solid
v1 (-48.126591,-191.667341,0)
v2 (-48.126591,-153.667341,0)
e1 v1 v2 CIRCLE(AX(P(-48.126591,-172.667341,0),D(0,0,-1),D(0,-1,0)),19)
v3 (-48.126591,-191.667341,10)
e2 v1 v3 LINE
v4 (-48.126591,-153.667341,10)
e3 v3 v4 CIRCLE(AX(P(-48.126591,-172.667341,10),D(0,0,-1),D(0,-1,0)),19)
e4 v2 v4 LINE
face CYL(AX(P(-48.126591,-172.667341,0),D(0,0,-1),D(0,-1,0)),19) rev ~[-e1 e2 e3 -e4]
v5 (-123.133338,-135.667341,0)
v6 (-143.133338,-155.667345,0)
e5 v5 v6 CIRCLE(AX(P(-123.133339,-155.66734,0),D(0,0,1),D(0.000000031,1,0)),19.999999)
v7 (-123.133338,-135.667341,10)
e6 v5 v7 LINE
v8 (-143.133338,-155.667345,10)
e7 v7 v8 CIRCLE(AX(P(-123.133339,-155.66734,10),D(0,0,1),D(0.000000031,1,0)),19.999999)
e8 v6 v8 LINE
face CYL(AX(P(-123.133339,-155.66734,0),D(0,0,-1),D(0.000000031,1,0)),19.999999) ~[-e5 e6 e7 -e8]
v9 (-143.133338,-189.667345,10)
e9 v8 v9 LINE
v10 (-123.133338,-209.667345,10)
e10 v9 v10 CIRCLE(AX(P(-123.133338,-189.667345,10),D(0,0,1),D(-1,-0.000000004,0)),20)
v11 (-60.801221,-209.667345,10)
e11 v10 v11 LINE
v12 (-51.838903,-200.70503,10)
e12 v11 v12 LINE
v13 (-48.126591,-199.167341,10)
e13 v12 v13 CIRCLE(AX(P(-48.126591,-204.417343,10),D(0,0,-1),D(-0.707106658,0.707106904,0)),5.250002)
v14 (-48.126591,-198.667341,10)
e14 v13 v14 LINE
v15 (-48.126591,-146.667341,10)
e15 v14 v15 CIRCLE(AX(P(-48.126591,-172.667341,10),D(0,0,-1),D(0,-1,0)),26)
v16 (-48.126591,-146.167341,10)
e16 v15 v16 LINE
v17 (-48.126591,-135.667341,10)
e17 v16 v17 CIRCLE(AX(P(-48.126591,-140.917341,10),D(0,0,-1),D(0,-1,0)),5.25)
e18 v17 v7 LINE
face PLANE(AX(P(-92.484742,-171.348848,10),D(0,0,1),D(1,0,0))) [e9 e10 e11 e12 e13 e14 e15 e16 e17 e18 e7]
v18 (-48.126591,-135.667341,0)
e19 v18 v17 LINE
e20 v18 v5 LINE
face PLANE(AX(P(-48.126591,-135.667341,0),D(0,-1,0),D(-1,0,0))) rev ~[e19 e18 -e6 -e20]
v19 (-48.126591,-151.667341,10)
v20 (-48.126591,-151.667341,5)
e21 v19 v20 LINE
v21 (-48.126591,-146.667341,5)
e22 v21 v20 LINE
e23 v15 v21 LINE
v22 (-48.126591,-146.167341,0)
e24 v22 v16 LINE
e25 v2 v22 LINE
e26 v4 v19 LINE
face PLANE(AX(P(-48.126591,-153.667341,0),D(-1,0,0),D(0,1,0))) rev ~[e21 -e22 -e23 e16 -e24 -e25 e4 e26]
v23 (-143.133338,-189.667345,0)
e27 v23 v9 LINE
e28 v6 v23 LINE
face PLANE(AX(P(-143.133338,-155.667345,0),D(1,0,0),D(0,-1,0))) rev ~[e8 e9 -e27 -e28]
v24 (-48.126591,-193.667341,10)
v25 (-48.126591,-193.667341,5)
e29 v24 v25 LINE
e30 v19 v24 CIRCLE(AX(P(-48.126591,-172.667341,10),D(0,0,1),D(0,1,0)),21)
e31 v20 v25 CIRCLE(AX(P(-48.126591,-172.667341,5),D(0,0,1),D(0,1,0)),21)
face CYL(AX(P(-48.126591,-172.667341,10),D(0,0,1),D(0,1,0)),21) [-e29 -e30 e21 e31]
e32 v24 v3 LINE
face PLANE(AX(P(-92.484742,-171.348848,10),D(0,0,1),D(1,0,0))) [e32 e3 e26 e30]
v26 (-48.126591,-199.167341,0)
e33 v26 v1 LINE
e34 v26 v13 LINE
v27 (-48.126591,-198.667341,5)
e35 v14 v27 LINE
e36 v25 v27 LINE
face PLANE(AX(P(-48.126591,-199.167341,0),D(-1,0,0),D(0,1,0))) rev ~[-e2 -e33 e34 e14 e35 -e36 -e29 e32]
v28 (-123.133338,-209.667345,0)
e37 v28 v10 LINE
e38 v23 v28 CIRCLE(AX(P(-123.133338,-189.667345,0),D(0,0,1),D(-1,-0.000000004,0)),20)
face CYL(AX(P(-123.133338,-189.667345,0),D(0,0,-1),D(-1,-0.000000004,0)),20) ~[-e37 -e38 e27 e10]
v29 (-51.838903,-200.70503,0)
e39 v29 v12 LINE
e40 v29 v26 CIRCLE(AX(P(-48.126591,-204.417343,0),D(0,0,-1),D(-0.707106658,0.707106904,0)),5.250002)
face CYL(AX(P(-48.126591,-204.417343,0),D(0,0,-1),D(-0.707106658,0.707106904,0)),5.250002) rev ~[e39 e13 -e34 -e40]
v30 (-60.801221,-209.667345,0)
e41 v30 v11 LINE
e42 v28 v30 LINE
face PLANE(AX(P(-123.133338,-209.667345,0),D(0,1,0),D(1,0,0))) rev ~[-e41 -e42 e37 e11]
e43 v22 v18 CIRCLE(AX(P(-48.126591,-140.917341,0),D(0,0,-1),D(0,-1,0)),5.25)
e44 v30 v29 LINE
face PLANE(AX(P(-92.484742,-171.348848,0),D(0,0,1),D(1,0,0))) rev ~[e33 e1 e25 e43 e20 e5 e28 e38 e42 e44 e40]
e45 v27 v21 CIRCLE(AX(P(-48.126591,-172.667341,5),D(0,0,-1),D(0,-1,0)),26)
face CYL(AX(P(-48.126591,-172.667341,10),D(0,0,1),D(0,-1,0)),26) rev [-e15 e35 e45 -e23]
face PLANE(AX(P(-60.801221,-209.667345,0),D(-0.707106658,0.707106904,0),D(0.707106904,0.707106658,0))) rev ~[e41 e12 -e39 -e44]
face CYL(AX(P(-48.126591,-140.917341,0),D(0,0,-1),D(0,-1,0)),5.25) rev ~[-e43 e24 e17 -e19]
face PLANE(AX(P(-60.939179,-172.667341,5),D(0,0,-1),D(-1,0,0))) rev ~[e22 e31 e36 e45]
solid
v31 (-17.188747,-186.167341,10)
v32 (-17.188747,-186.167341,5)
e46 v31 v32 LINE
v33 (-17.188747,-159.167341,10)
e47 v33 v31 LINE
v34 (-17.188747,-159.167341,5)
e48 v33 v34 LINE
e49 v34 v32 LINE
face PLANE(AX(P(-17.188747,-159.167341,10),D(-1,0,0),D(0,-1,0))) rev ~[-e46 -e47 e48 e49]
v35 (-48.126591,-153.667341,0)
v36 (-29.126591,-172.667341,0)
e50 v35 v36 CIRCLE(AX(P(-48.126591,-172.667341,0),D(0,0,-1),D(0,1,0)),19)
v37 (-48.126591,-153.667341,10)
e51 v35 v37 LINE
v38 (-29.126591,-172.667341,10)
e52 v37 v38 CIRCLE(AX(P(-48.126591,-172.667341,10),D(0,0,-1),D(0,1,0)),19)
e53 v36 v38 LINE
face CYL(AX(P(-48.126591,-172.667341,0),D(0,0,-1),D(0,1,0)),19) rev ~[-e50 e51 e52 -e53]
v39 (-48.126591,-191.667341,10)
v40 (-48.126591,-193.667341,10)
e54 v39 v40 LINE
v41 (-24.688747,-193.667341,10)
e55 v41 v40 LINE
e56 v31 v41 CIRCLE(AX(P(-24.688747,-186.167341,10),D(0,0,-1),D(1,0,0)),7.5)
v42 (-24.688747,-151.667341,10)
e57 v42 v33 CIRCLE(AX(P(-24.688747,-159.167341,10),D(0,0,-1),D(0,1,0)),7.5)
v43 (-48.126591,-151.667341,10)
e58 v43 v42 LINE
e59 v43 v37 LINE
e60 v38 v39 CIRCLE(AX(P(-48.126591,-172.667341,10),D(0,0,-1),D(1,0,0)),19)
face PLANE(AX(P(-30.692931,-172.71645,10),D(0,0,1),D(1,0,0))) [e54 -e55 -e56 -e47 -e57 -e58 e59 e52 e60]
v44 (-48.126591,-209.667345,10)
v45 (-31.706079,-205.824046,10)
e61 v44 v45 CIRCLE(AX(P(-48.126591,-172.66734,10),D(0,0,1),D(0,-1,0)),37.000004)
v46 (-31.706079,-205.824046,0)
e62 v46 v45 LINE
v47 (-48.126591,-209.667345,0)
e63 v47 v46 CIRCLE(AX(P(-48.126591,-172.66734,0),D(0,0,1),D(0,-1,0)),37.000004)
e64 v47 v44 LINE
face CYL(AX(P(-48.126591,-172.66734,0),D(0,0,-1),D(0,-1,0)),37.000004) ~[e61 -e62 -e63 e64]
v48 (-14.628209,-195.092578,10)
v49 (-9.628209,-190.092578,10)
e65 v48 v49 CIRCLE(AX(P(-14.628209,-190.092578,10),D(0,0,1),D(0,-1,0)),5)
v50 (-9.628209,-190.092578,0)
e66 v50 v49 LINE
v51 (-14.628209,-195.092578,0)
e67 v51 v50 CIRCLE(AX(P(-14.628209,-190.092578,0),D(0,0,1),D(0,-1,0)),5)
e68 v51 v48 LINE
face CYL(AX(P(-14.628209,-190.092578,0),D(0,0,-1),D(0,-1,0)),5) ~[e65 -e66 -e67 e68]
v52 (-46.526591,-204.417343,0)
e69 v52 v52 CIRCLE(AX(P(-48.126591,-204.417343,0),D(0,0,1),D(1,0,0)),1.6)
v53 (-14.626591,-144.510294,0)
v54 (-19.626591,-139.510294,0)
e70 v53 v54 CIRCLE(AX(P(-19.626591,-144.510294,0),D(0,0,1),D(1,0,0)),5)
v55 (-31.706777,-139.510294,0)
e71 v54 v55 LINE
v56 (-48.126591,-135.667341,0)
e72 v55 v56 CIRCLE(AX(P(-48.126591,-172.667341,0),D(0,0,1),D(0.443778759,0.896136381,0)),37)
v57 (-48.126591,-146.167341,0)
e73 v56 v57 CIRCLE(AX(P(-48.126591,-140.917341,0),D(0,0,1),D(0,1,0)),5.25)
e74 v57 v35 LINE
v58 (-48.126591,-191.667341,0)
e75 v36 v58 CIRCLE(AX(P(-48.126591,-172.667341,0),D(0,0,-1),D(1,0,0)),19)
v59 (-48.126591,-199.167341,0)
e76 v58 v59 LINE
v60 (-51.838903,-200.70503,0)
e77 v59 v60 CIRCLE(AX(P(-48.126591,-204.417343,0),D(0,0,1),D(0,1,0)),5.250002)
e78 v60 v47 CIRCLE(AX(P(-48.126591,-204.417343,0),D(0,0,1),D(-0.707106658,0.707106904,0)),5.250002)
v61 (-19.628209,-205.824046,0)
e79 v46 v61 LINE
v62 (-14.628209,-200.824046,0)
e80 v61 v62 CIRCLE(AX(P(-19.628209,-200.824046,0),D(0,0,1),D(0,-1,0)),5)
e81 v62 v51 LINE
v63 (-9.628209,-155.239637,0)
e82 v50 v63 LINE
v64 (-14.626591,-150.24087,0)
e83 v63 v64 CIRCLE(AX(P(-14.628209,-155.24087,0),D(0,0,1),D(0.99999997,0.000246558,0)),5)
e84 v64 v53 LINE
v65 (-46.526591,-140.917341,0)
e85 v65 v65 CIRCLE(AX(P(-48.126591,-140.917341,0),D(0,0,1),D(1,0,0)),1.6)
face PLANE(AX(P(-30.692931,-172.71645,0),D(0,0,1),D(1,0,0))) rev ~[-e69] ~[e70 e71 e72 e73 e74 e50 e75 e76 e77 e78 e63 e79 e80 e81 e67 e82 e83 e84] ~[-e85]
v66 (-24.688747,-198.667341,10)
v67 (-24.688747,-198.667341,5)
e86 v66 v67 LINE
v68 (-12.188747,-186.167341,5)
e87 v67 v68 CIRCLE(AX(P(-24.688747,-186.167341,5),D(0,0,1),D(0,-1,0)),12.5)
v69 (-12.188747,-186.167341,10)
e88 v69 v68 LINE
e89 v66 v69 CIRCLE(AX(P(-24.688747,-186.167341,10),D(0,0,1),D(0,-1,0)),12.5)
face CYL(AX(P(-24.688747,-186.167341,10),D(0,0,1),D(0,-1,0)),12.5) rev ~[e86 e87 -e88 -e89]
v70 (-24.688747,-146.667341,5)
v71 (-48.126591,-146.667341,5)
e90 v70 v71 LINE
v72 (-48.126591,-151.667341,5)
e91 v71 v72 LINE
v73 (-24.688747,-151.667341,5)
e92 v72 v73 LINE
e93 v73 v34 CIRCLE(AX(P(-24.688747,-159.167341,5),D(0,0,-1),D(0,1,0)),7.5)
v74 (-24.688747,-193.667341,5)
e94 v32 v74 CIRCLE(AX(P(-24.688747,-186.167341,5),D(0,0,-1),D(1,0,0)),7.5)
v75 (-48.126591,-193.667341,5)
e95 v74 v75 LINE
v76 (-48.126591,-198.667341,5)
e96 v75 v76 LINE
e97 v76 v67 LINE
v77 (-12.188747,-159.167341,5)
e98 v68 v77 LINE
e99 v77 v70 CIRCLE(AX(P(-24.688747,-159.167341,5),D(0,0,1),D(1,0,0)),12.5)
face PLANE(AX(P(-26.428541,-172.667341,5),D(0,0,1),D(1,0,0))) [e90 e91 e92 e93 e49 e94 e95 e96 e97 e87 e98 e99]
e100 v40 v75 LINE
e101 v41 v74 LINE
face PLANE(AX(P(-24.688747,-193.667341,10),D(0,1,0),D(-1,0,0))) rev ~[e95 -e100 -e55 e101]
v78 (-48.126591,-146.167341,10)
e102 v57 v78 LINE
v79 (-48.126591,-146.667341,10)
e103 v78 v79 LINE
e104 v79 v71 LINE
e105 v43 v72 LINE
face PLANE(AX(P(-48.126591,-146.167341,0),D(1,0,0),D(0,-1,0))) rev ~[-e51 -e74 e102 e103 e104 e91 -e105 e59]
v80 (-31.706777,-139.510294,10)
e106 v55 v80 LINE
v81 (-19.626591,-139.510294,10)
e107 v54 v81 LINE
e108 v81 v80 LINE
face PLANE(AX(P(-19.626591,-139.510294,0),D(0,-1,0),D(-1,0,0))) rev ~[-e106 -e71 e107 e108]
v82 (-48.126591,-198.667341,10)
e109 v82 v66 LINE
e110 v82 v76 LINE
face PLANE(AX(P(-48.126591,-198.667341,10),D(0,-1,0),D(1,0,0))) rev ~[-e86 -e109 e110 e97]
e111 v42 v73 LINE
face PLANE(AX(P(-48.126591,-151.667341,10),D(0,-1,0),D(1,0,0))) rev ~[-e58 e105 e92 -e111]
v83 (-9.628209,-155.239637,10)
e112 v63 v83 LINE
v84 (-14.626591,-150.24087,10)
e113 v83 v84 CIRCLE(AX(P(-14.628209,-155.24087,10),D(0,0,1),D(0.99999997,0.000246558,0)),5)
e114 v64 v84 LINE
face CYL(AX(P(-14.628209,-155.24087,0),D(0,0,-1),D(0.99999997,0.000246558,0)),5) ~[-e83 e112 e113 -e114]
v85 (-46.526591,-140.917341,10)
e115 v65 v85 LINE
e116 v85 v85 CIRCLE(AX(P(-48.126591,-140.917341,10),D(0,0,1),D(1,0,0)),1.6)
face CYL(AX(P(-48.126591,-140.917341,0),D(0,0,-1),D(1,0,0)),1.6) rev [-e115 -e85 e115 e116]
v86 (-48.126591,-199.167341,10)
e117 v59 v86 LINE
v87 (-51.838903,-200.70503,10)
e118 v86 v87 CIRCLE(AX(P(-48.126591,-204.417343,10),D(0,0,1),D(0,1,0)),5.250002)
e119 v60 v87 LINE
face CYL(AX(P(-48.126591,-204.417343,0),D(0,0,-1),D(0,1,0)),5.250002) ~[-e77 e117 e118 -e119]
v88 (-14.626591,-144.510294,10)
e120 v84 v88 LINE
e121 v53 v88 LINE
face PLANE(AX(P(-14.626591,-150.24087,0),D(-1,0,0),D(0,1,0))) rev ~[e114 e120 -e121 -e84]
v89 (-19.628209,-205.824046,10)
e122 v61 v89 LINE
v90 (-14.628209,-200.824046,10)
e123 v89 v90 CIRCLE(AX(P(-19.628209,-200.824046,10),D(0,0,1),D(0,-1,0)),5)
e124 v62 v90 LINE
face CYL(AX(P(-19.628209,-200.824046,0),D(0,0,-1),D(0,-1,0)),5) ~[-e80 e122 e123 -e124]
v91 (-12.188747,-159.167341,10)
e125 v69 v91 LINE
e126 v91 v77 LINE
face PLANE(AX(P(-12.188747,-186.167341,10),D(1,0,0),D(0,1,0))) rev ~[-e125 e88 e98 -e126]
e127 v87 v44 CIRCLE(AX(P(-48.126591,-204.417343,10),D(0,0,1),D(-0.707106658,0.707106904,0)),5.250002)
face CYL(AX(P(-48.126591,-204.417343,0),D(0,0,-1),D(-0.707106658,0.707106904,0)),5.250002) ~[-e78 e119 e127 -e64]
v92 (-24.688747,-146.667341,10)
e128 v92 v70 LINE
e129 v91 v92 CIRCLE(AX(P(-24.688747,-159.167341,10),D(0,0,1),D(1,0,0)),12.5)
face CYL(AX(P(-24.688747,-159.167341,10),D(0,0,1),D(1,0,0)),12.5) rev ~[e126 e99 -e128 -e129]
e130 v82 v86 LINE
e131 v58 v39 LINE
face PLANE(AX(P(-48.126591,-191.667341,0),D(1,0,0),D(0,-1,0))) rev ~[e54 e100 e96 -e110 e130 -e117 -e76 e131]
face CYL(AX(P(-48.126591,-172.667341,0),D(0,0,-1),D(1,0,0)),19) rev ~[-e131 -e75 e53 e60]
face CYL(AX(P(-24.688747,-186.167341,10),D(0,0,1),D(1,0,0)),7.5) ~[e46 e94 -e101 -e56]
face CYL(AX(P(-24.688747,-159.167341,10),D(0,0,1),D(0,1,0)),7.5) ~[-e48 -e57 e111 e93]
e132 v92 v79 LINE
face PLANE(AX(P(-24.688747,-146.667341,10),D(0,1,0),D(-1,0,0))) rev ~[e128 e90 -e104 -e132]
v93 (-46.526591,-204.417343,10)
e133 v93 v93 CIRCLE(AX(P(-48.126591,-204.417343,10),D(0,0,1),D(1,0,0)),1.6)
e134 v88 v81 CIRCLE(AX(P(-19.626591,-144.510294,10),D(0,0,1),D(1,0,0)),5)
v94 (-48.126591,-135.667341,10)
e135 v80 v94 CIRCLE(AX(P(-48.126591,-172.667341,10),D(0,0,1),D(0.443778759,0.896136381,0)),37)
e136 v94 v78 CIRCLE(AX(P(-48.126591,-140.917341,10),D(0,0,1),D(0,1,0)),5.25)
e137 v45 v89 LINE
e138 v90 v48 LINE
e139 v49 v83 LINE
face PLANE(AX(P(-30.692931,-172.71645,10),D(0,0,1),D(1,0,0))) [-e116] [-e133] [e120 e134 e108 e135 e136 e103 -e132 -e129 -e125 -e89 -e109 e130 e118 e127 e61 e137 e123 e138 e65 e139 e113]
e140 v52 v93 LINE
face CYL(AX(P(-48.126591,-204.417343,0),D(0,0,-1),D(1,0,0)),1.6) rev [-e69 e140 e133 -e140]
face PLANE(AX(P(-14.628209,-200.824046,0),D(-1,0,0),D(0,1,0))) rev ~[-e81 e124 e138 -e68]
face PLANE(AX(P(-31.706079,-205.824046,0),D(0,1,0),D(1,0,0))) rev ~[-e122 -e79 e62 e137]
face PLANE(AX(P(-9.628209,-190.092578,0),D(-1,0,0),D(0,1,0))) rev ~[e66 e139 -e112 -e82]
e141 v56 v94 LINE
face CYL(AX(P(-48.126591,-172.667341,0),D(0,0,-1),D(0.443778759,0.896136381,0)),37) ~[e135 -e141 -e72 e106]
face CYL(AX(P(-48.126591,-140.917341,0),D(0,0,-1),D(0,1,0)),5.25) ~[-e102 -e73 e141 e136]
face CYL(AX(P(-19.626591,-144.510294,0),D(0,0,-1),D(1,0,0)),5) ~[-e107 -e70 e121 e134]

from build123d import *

# Parameters (mm, degrees)
SKETCH1_R           = 1.6
BOSS_EXTRUDE1_DEPTH = 10
BOSS_EXTRUDE2_DEPTH = 10
CUT_EXTRUDE3_DEPTH  = 5
CUT_EXTRUDE4_DEPTH  = 5


with BuildPart() as part:
    # Sketch1 → Boss-Extrude1 (new body)
    with BuildSketch(Plane.XY):
        with BuildLine():
            ThreePointArc((-48.126591176, -199.167340501), (-50.135679618, -199.566972948), (-51.838902692, -200.7050299))
            ThreePointArc((-51.838902692, -200.7050299), (-52.976960936, -206.426431151), (-48.126591176, -209.667344916))
            ThreePointArc((-48.126591176, -209.667344916), (-39.694447805, -208.6937098), (-31.706079023, -205.824045816))
            Line((-31.706079023, -205.824045816), (-19.628209226, -205.824045816))
            ThreePointArc((-19.628209226, -205.824045816), (-16.09267532, -204.359579722), (-14.628209226, -200.824045816))
            Line((-14.628209226, -200.824045816), (-14.628209226, -195.09257804))
            ThreePointArc((-14.628209226, -195.09257804), (-11.09267532, -193.628111946), (-9.628209226, -190.09257804))
            Line((-9.628209226, -190.09257804), (-9.628209226, -155.239636863))
            ThreePointArc((-9.628209226, -155.239636863), (-11.092539014, -151.705471905), (-14.626591176, -150.240869913))
            Line((-14.626591176, -150.240869913), (-14.626591176, -144.510294404))
            ThreePointArc((-14.626591176, -144.510294404), (-16.09105727, -140.974760498), (-19.626591176, -139.510294404))
            Line((-19.626591176, -139.510294404), (-31.706777105, -139.510294404))
            ThreePointArc((-31.706777105, -139.510294404), (-39.694826995, -136.640886987), (-48.126591176, -135.667340501))
            ThreePointArc((-48.126591176, -135.667340501), (-53.376591176, -140.917340501), (-48.126591176, -146.167340501))
            Line((-48.126591176, -146.167340501), (-48.126591176, -153.667340501))
            ThreePointArc((-48.126591176, -153.667340501), (-34.691562334, -159.232311659), (-29.126591176, -172.667340501))
            ThreePointArc((-29.126591176, -172.667340501), (-34.691562334, -186.102369344), (-48.126591176, -191.667340501))
            Line((-48.126591176, -191.667340501), (-48.126591176, -199.167340501))
        make_face()
        with Locations((-48.126591176, -204.417342709)):
            Circle(SKETCH1_R, mode=Mode.SUBTRACT)
        with Locations((-48.126591176, -140.917340501)):
            Circle(SKETCH1_R, mode=Mode.SUBTRACT)
    extrude(amount=BOSS_EXTRUDE1_DEPTH)

    # Sketch5 → Cut-Extrude4 (cut)
    with BuildSketch(Plane.XY.offset(10)):
        with BuildLine():
            Line((-48.126591176, -193.667340501), (-48.126591176, -198.667340501))
            Line((-48.126591176, -198.667340501), (-24.688746804, -198.667340501))
            ThreePointArc((-24.688746804, -198.667340501), (-15.849912039, -195.006175266), (-12.188746804, -186.167340501))
            Line((-12.188746804, -186.167340501), (-12.188746804, -159.167340501))
            ThreePointArc((-12.188746804, -159.167340501), (-15.849912039, -150.328505736), (-24.688746804, -146.667340501))
            Line((-24.688746804, -146.667340501), (-48.126591176, -146.667340501))
            Line((-48.126591176, -146.667340501), (-48.126591176, -151.667340501))
            Line((-48.126591176, -151.667340501), (-24.688746804, -151.667340501))
            ThreePointArc((-24.688746804, -151.667340501), (-19.385445945, -153.864039642), (-17.188746804, -159.167340501))
            Line((-17.188746804, -159.167340501), (-17.188746804, -186.167340501))
            ThreePointArc((-17.188746804, -186.167340501), (-19.385445945, -191.47064136), (-24.688746804, -193.667340501))
            Line((-24.688746804, -193.667340501), (-48.126591176, -193.667340501))
        make_face()
    extrude(amount=-CUT_EXTRUDE4_DEPTH, mode=Mode.SUBTRACT)


with BuildPart() as body_2:
    # Sketch1<6> → Boss-Extrude2 (new body)
    with BuildSketch(Plane.XY):
        with BuildLine():
            Line((-60.80122083, -209.667344916), (-51.838902692, -200.7050299))
            ThreePointArc((-51.838902692, -200.7050299), (-50.135679618, -199.566972948), (-48.126591176, -199.167340501))
            Line((-48.126591176, -199.167340501), (-48.126591176, -191.667340501))
            ThreePointArc((-48.126591176, -191.667340501), (-67.126591176, -172.667340501), (-48.126591176, -153.667340501))
            Line((-48.126591176, -153.667340501), (-48.126591176, -146.167340501))
            ThreePointArc((-48.126591176, -146.167340501), (-53.376591176, -140.917340501), (-48.126591176, -135.667340501))
            Line((-48.126591176, -135.667340501), (-123.133338168, -135.667340501))
            ThreePointArc((-123.133338168, -135.667340501), (-137.275475586, -141.525206282), (-143.133338225, -155.667345001))
            Line((-143.133338225, -155.667345001), (-143.133338225, -189.667345001))
            ThreePointArc((-143.133338225, -189.667345001), (-137.275473788, -203.8094806), (-123.13333814, -209.667344916))
            Line((-123.13333814, -209.667344916), (-60.80122083, -209.667344916))
        make_face()
    extrude(amount=BOSS_EXTRUDE2_DEPTH)

    # Sketch2 → Cut-Extrude3 (cut)
    with BuildSketch(Plane(origin=(0, 0, 10), x_dir=(-1, 0, 0), z_dir=(0, 0, -1))):
        with BuildLine():
            Line((48.126591176, -146.667340501), (48.126591176, -151.667340501))
            ThreePointArc((48.126591176, -151.667340501), (69.126591176, -172.667340501), (48.126591176, -193.667340501))
            Line((48.126591176, -193.667340501), (48.126591176, -198.667340501))
            ThreePointArc((48.126591176, -198.667340501), (74.126591176, -172.667340501), (48.126591176, -146.667340501))
        make_face()
    extrude(amount=CUT_EXTRUDE3_DEPTH, mode=Mode.SUBTRACT)


solid = Compound([part.part, body_2.part])
